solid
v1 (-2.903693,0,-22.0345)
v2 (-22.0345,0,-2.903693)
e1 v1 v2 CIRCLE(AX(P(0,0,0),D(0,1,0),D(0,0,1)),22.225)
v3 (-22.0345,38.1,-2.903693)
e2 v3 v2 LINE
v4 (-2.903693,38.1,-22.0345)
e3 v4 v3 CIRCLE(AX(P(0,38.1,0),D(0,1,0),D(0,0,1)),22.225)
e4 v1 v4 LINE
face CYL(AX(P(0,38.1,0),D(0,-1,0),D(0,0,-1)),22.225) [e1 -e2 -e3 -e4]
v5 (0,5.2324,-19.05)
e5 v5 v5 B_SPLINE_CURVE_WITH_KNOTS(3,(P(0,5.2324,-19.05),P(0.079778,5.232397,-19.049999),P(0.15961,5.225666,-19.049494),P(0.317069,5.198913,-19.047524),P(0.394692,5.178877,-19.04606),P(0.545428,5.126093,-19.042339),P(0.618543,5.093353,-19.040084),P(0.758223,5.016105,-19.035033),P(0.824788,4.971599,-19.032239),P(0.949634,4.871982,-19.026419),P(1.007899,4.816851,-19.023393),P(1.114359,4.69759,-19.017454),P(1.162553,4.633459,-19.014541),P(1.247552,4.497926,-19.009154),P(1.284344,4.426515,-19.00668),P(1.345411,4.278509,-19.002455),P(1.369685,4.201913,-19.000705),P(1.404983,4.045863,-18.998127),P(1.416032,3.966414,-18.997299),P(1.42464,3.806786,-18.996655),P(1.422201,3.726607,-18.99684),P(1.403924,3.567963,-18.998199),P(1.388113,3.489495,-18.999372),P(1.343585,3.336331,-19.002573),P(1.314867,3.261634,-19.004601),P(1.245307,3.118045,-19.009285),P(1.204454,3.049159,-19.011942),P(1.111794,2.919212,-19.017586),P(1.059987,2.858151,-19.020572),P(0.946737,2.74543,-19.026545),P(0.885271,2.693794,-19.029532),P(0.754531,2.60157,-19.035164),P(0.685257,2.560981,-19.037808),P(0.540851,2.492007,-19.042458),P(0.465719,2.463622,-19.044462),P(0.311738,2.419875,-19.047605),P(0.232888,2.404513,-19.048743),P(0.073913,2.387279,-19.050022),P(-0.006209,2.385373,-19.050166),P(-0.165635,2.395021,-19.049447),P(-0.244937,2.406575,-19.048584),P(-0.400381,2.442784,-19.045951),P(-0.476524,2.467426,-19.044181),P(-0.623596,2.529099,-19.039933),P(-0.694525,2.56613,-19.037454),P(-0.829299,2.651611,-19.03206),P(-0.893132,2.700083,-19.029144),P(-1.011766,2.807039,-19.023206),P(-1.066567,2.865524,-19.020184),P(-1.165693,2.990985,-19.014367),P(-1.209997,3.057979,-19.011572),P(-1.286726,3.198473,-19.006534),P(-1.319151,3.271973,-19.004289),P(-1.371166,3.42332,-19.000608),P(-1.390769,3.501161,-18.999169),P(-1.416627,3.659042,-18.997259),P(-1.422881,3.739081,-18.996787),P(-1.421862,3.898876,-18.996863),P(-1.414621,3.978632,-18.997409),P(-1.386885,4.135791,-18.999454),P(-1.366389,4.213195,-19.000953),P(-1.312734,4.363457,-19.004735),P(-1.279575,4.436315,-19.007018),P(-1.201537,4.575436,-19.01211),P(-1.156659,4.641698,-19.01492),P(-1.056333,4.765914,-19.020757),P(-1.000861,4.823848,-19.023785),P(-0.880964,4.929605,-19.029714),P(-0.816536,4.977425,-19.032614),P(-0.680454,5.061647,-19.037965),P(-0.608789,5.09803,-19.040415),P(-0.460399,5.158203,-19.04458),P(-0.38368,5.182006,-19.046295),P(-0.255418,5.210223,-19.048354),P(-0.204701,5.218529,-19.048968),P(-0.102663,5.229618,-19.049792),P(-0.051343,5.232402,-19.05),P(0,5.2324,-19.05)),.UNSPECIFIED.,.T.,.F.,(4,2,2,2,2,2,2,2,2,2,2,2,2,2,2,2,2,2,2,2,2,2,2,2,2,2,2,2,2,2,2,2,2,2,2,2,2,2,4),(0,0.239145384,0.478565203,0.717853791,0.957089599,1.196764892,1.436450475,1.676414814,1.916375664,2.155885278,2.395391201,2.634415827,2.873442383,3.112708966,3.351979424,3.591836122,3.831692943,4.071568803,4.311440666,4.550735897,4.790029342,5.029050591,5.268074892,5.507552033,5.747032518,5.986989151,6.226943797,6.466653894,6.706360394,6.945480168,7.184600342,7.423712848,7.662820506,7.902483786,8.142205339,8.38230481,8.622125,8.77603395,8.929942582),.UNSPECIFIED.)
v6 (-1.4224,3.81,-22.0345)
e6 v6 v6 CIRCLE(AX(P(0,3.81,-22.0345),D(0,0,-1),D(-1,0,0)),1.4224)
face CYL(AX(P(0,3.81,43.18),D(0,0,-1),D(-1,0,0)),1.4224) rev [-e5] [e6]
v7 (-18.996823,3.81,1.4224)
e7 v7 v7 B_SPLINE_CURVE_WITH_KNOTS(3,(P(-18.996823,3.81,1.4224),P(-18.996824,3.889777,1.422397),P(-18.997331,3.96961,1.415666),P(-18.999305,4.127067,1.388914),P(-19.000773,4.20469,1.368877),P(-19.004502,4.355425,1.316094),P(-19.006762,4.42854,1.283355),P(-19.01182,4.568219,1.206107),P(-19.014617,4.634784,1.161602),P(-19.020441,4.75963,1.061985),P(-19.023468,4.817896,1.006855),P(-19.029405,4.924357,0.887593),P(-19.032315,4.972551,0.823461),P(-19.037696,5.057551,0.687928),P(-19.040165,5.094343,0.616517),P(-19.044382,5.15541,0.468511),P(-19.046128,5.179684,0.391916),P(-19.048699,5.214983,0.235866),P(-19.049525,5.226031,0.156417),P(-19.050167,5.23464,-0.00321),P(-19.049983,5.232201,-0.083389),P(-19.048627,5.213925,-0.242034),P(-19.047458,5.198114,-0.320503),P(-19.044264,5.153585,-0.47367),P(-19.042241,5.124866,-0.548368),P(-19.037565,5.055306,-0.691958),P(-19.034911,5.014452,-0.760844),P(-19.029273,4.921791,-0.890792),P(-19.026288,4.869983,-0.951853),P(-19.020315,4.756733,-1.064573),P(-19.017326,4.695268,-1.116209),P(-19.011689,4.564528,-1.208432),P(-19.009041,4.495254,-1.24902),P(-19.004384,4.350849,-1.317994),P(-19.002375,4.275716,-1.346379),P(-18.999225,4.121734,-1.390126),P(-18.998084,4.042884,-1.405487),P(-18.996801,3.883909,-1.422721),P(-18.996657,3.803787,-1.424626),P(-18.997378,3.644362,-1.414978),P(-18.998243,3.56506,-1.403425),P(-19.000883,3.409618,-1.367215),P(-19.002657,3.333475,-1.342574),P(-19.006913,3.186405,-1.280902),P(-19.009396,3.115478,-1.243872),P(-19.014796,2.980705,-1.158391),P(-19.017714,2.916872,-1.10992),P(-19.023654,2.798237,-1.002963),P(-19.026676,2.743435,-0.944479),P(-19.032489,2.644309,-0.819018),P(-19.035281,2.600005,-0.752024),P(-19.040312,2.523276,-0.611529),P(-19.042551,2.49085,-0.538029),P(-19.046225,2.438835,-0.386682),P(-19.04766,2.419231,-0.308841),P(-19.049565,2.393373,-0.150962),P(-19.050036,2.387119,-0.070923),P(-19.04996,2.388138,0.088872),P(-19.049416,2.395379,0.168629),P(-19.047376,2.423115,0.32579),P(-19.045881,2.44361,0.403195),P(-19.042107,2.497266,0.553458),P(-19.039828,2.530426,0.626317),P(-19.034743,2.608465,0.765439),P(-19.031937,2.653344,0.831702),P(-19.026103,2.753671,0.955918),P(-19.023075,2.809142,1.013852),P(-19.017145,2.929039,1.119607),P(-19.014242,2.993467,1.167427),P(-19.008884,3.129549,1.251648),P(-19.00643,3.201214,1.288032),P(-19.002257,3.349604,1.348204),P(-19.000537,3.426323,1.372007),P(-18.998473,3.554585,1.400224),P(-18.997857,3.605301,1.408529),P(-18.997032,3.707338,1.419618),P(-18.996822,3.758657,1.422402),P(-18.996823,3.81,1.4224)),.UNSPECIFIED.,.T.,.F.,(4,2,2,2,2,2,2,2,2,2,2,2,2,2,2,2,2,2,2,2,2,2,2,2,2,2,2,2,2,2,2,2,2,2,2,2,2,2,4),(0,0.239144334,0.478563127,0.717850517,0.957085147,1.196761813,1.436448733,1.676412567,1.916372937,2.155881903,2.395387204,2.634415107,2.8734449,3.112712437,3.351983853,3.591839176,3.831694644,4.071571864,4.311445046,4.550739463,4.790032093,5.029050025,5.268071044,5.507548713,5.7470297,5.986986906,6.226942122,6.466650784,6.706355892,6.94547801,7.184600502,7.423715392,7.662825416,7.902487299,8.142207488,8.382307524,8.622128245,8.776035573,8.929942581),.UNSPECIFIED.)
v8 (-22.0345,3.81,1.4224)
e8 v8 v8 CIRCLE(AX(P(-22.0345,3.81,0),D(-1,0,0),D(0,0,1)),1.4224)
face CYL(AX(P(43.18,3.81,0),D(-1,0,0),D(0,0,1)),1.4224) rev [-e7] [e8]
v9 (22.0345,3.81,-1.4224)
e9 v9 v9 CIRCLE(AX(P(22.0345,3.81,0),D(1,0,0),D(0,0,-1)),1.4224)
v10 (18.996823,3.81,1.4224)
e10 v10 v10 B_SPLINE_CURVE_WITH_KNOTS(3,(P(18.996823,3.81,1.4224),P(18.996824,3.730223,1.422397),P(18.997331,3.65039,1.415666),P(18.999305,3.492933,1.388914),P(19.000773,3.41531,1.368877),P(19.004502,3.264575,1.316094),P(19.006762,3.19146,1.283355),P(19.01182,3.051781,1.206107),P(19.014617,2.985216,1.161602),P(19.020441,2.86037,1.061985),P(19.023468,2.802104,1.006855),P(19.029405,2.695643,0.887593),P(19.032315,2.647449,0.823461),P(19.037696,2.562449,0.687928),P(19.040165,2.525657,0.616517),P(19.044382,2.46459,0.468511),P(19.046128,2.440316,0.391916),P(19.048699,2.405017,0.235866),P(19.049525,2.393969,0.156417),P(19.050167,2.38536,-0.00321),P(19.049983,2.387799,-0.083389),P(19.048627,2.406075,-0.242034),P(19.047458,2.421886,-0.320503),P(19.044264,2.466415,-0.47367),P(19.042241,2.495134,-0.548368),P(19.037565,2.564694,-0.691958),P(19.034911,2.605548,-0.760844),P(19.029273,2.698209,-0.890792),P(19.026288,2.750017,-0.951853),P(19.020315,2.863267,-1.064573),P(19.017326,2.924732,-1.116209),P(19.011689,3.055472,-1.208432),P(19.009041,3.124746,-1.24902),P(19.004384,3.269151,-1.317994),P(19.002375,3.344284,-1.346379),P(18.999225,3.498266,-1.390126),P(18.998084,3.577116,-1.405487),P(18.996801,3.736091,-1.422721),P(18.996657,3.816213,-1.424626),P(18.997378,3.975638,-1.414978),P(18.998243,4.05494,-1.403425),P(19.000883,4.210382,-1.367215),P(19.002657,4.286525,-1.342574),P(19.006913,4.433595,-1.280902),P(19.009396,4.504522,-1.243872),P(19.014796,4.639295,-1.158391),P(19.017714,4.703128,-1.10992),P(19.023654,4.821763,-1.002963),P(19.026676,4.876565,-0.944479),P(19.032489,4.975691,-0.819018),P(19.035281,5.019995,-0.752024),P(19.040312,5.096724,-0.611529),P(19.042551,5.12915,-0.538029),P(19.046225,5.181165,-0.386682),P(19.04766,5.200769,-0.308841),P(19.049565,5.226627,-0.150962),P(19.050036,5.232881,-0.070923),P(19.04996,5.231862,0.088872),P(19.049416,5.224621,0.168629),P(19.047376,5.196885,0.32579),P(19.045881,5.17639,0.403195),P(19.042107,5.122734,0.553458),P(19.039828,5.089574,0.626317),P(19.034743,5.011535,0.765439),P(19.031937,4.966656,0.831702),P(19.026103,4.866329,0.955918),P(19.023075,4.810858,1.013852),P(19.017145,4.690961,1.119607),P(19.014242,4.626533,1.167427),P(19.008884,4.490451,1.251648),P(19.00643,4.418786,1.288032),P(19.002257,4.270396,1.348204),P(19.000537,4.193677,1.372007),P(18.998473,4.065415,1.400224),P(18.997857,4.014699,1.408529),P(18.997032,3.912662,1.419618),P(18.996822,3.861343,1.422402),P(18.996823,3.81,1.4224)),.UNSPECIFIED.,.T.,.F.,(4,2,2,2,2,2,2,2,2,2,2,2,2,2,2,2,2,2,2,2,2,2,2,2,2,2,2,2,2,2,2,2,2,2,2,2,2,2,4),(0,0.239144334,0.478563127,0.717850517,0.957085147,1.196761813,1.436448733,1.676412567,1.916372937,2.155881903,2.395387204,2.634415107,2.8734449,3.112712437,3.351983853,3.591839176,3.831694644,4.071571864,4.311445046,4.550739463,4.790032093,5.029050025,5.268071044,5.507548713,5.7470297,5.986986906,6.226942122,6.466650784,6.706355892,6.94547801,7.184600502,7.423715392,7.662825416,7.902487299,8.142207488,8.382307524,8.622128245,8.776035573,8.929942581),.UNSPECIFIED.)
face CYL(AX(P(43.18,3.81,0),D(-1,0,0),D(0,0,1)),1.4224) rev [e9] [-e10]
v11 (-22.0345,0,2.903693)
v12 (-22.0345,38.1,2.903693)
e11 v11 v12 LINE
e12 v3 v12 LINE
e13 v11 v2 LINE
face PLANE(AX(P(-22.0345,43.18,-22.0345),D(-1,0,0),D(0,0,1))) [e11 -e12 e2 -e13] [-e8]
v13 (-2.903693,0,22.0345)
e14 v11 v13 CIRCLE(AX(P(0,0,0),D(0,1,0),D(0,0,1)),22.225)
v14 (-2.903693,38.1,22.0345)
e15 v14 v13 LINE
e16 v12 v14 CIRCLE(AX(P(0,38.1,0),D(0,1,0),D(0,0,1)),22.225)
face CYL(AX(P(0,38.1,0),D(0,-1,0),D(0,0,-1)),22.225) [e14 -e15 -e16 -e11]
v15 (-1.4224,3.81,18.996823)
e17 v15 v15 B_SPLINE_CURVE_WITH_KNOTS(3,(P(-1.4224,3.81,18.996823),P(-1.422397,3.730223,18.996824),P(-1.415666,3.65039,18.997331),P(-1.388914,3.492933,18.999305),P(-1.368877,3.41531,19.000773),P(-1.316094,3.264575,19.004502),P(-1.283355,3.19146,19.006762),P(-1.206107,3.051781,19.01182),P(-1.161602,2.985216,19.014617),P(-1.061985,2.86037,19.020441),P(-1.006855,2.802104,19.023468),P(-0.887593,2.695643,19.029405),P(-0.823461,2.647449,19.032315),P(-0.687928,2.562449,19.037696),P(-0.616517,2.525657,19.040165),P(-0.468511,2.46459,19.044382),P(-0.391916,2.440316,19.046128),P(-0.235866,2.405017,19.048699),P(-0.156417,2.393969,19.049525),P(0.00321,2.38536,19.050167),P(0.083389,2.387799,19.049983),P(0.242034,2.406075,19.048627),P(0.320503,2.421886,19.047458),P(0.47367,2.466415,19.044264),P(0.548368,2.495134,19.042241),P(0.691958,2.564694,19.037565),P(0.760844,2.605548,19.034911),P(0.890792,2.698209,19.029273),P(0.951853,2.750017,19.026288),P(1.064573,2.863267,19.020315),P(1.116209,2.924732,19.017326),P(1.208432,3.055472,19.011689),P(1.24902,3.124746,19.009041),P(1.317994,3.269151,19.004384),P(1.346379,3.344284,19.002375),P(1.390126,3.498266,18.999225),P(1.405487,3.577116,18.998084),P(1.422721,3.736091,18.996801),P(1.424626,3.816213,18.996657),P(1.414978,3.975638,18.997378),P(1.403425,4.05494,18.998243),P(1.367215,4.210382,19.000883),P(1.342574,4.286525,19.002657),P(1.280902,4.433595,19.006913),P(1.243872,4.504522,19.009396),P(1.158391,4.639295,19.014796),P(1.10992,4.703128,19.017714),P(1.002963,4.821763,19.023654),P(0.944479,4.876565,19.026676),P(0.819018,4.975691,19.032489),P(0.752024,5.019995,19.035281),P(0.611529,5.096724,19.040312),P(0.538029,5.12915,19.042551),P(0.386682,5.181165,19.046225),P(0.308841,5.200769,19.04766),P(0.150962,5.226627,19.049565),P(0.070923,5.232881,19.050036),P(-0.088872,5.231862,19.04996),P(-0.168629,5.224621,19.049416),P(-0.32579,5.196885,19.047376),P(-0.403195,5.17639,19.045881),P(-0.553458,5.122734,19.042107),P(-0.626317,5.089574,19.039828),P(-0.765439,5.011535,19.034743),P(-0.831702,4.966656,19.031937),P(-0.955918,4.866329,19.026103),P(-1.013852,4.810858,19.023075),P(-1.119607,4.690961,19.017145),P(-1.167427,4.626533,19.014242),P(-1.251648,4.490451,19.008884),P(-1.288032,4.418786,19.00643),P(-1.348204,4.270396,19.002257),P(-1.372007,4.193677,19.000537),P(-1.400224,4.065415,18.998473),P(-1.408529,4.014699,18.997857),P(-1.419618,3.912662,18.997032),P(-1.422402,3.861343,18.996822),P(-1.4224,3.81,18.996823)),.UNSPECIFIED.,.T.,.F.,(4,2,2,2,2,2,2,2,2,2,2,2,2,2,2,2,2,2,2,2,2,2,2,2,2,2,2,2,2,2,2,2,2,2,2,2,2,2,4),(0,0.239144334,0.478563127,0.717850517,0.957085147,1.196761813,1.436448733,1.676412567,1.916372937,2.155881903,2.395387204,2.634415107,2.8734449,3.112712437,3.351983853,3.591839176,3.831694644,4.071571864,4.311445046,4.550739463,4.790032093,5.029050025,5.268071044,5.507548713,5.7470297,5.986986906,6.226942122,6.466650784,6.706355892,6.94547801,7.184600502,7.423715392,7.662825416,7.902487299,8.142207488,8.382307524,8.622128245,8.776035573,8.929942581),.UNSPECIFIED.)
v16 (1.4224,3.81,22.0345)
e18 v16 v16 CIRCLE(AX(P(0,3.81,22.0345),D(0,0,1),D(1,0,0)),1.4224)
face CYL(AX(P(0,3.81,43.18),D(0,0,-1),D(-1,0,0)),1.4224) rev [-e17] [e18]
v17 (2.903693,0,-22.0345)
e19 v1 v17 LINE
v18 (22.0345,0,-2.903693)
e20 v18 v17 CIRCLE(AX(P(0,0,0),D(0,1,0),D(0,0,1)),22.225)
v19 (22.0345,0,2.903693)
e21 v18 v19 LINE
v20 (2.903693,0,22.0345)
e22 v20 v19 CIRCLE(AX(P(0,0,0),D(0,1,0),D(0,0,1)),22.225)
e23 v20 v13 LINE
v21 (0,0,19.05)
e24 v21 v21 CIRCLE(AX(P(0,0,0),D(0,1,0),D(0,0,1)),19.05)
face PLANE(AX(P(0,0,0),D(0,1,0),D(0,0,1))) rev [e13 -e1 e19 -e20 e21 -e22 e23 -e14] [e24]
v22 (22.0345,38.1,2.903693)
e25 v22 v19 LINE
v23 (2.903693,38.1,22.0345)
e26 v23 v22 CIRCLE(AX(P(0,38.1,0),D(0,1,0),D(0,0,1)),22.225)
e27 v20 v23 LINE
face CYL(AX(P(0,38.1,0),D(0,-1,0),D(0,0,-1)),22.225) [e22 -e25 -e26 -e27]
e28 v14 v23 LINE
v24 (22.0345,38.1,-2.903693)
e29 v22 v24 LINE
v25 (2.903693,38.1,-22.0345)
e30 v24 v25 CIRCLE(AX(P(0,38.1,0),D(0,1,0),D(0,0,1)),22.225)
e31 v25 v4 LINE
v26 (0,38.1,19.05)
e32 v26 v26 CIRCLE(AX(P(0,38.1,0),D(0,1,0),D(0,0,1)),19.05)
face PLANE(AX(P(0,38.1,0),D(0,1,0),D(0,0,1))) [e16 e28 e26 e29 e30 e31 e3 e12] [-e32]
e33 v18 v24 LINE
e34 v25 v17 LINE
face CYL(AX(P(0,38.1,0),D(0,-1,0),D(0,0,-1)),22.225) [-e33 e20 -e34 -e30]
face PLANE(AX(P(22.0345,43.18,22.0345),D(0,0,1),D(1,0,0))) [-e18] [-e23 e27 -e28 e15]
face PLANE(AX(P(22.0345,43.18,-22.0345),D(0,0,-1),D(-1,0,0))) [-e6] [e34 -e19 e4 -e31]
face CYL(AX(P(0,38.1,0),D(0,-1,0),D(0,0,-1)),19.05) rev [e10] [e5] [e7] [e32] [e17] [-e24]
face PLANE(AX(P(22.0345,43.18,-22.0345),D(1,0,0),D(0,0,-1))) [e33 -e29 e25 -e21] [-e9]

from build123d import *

# Parameters (mm, degrees)
SKETCH1_R               = 22.225
SKETCH1_R_2             = 19.05
BOSS_EXTRUDE1_DEPTH     = 38.1
CUT_EXTRUDE1_DEPTH      = 43.18
CUT_EXTRUDE1_DEPTH_BACK = 43.18
SKETCH2_R               = 1.4224
CUT_EXTRUDE2_DEPTH      = 43.18
CUT_EXTRUDE2_DEPTH_BACK = 43.18
SKETCH3_R               = 1.4224
SKETCH4_W               = 49.025527768
SKETCH4_H               = 48.000320082
SKETCH4_W_2             = 44.069
SKETCH4_H_2             = 44.069
CUT_EXTRUDE3_DEPTH      = 43.18


with BuildPart() as part:
    # Sketch1 → Boss-Extrude1 (new body)
    with BuildSketch(Plane(origin=(0, 0, 0), x_dir=(1, 0, 0), z_dir=(0, 1, 0))):
        Circle(SKETCH1_R)
        Circle(SKETCH1_R_2, mode=Mode.SUBTRACT)
    extrude(amount=BOSS_EXTRUDE1_DEPTH)

    # Sketch2 → Cut-Extrude1 (cut, two sides: drawn at the far end of the back side and taken through both)
    with BuildSketch(Plane.XY.offset(-CUT_EXTRUDE1_DEPTH_BACK)):
        with Locations((0, 3.81)):
            Circle(SKETCH2_R)
    extrude(amount=CUT_EXTRUDE1_DEPTH + CUT_EXTRUDE1_DEPTH_BACK, mode=Mode.SUBTRACT)

    # Sketch3 → Cut-Extrude2 (cut, two sides: drawn at the far end of the back side and taken through both)
    with BuildSketch(Plane(origin=(0, 0, 0), x_dir=(0, 0, -1), z_dir=(1, 0, 0)).offset(-CUT_EXTRUDE2_DEPTH_BACK)):
        with Locations((0, 3.81)):
            Circle(SKETCH3_R)
    extrude(amount=CUT_EXTRUDE2_DEPTH + CUT_EXTRUDE2_DEPTH_BACK, mode=Mode.SUBTRACT)

    # Sketch4 → Cut-Extrude3 (cut)
    with BuildSketch(Plane.XZ):
        Rectangle(SKETCH4_W, SKETCH4_H)
        Rectangle(SKETCH4_W_2, SKETCH4_H_2, mode=Mode.SUBTRACT)
    extrude(amount=-CUT_EXTRUDE3_DEPTH, mode=Mode.SUBTRACT)


solid = part.part
